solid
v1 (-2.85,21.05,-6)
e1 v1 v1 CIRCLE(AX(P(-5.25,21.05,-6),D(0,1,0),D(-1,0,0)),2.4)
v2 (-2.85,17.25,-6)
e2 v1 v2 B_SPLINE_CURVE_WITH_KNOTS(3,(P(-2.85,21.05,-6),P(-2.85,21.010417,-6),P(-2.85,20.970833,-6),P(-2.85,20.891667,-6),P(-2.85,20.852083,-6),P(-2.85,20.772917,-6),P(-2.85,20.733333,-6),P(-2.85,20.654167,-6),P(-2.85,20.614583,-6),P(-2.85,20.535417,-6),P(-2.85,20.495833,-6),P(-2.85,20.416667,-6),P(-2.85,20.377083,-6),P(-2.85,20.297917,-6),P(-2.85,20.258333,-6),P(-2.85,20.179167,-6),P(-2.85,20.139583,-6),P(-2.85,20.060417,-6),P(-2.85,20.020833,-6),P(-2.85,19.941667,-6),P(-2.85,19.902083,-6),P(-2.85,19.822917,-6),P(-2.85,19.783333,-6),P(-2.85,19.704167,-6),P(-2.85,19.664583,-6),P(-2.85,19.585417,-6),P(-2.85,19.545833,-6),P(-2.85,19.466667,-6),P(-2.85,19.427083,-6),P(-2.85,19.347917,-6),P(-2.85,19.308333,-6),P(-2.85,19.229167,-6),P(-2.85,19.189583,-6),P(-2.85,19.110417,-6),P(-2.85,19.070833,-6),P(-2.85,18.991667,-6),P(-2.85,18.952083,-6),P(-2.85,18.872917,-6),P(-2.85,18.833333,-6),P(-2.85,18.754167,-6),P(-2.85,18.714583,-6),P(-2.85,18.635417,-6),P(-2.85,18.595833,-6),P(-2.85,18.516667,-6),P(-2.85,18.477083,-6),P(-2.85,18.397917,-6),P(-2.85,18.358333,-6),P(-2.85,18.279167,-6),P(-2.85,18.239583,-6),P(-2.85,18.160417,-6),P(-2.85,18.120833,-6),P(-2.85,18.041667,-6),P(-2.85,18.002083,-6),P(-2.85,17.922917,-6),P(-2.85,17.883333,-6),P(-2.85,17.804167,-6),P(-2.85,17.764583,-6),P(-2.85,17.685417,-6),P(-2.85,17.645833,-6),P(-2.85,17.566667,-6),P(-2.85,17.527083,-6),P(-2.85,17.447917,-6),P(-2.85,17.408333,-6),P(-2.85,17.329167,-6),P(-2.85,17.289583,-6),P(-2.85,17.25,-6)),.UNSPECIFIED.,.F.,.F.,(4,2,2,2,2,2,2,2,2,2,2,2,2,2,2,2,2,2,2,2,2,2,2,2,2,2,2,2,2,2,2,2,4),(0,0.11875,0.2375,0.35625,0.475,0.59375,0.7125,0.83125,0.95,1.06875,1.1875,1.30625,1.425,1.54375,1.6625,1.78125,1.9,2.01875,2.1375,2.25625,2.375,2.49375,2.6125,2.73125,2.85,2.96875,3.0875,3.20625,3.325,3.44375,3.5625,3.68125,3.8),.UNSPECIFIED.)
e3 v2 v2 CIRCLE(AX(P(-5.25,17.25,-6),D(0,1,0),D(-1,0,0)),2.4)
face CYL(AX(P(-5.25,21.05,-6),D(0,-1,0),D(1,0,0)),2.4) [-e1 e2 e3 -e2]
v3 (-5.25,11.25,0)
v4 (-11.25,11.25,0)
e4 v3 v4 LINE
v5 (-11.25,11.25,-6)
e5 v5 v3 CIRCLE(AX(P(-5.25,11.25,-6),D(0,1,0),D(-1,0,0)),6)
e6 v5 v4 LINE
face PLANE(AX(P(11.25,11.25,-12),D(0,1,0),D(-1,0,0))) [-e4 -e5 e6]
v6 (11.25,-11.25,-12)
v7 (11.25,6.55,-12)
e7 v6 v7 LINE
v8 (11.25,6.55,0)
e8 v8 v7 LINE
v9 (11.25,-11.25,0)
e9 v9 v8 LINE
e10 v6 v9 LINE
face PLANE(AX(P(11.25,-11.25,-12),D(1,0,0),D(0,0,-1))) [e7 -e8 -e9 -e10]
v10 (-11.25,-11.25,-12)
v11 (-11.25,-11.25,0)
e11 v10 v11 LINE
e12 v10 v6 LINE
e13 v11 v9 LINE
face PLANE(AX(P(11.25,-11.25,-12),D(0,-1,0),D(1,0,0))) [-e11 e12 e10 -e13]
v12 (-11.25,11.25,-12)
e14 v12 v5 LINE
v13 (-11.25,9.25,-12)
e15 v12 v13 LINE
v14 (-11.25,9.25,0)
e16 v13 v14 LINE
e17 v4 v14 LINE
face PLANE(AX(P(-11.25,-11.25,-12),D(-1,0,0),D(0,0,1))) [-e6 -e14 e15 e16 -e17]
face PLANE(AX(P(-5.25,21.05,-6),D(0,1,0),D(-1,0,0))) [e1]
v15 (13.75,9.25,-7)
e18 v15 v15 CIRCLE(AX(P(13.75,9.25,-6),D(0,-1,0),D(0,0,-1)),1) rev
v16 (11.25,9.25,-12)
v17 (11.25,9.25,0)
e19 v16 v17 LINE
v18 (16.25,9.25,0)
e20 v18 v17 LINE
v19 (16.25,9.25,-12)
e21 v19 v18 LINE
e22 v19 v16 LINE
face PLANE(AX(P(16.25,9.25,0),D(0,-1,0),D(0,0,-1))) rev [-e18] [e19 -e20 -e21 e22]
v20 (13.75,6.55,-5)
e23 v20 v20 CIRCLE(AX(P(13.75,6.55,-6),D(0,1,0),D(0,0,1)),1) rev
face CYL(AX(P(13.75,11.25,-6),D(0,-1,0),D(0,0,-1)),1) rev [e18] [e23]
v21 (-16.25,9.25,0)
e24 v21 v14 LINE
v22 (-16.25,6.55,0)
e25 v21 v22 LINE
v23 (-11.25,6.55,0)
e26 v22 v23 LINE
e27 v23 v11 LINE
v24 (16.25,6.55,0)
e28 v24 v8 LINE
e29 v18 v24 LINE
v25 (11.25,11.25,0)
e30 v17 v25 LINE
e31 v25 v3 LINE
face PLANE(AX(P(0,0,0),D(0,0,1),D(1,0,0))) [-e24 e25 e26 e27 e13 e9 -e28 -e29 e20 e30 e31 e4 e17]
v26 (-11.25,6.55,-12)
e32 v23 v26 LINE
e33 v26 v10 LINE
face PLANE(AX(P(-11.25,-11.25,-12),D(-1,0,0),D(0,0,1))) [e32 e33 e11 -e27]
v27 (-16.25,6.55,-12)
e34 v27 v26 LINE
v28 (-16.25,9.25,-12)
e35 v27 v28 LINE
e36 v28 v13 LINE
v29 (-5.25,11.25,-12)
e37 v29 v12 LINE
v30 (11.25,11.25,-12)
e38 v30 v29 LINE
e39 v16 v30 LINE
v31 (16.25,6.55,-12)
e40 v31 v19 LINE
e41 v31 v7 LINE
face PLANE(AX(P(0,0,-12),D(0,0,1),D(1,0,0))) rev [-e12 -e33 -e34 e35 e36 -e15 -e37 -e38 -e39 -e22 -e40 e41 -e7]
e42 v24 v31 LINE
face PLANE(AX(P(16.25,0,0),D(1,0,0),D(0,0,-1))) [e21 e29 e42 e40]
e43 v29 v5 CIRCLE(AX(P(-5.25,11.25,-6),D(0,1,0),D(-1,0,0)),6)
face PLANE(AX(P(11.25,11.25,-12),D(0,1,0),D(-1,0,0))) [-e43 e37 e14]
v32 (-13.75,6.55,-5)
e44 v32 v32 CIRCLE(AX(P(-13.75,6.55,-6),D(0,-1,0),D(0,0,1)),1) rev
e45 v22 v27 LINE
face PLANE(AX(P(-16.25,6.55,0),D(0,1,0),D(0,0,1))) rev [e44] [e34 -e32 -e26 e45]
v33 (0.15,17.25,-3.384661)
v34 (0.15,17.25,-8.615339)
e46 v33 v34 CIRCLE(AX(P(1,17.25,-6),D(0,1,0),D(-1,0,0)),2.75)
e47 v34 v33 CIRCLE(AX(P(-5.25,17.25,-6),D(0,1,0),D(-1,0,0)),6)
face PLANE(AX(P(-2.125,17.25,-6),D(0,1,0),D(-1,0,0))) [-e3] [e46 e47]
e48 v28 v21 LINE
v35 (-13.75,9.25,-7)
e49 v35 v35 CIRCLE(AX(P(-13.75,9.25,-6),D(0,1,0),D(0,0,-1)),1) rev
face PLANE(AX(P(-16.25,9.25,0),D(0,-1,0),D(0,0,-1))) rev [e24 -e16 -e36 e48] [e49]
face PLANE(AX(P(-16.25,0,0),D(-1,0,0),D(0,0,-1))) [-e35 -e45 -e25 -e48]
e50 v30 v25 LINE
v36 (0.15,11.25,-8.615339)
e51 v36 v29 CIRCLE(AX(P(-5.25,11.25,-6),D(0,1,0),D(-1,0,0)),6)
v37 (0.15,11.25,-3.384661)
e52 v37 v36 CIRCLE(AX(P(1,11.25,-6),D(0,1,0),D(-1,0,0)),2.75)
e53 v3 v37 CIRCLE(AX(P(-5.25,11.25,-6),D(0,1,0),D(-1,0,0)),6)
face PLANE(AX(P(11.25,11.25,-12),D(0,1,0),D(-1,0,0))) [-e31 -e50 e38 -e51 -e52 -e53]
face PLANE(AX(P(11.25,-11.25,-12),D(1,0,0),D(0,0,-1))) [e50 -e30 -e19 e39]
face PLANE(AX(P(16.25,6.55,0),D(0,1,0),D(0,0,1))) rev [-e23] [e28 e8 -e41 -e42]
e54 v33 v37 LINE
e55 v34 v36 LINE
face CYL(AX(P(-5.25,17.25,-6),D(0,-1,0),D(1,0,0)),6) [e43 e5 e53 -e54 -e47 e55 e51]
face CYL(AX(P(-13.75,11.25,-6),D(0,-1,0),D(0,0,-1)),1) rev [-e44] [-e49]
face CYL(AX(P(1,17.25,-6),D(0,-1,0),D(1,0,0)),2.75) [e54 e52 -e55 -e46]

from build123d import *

# Parameters (mm, degrees)
SKETCH_1_W                      = 22.5
SKETCH_1_H                      = 22.5
EXTRUDE_1_DEPTH                 = 12
SKETCH_2_W                      = 12
SKETCH_2_H                      = 2.7
EXTRUDE_2_DEPTH                 = 5
CUT_EXTRUDE_1_REACH             = 30.78
SKETCH_4_R                      = 1
CUT_EXTRUDE_1_DIRECTION_2_DEPTH = 29.78041869
EXTRUDE_3_DEPTH                 = 6
SKETCH_6_R                      = 2.4
EXTRUDE_4_DEPTH                 = 3.8


with BuildPart() as part:
    # 草图1 → 凸台-拉伸1 (new body)
    with BuildSketch(Plane.XY):
        Rectangle(SKETCH_1_W, SKETCH_1_H)
    extrude(amount=-EXTRUDE_1_DEPTH)

    # 草图2 → 凸台-拉伸2 (add)
    with BuildSketch(Plane(origin=(11.25, 0, 0), x_dir=(0, 0, -1), z_dir=(1, 0, 0))):
        with Locations((6, 7.9)):
            Rectangle(SKETCH_2_W, SKETCH_2_H)
    extrude(amount=EXTRUDE_2_DEPTH)

    # 草图4 → 切除-拉伸1 (cut, up to next)
    with BuildSketch(Plane(origin=(0, 9.25, 0), x_dir=(1, 0, 0), z_dir=(0, 1, 0)), mode=Mode.PRIVATE) as cut_extrude_1_sk1:
        with Locations(Location((13.75, 6, 0), (0, 0, 90))):
            Circle(SKETCH_4_R)
    cut_extrude_1_tool1 = extrude(cut_extrude_1_sk1.sketch, amount=-CUT_EXTRUDE_1_REACH, mode=Mode.PRIVATE) & part.part
    add(cut_extrude_1_tool1.solids().sort_by_distance((13.75, 9.25, -6))[0], mode=Mode.SUBTRACT)

    # 草图4 → 切除-拉伸1 direction 2 (cut)
    with BuildSketch(Plane(origin=(0, 9.25, 0), x_dir=(1, 0, 0), z_dir=(0, 1, 0))):
        with Locations(Location((13.75, 6, 0), (0, 0, 90))):
            Circle(SKETCH_4_R)
    extrude(amount=CUT_EXTRUDE_1_DIRECTION_2_DEPTH, mode=Mode.SUBTRACT)

    # 镜向1: part across plane


with BuildPart() as part_1:
    add(part.part)
    add(part.part.mirror(Plane(origin=(0, 0, 0), x_dir=(0, 0, 1), z_dir=(1, 0, 0))))

    # 草图5 → 凸台-拉伸3 (add)
    with BuildSketch(Plane(origin=(0, 11.25, 0), x_dir=(1, 0, 0), z_dir=(0, 1, 0))):
        with BuildLine():
            ThreePointArc((0.15, 8.615339366), (-11.25, 6), (0.15, 3.384660634))
            ThreePointArc((0.15, 3.384660634), (3.75, 6), (0.15, 8.615339366))
        make_face()
    extrude(amount=EXTRUDE_3_DEPTH)

    # 草图6 → 凸台-拉伸4 (add)
    with BuildSketch(Plane(origin=(0, 17.25, 0), x_dir=(1, 0, 0), z_dir=(0, 1, 0))):
        with Locations((-5.25, 6)):
            Circle(SKETCH_6_R)
    extrude(amount=EXTRUDE_4_DEPTH)


solid = part_1.part
